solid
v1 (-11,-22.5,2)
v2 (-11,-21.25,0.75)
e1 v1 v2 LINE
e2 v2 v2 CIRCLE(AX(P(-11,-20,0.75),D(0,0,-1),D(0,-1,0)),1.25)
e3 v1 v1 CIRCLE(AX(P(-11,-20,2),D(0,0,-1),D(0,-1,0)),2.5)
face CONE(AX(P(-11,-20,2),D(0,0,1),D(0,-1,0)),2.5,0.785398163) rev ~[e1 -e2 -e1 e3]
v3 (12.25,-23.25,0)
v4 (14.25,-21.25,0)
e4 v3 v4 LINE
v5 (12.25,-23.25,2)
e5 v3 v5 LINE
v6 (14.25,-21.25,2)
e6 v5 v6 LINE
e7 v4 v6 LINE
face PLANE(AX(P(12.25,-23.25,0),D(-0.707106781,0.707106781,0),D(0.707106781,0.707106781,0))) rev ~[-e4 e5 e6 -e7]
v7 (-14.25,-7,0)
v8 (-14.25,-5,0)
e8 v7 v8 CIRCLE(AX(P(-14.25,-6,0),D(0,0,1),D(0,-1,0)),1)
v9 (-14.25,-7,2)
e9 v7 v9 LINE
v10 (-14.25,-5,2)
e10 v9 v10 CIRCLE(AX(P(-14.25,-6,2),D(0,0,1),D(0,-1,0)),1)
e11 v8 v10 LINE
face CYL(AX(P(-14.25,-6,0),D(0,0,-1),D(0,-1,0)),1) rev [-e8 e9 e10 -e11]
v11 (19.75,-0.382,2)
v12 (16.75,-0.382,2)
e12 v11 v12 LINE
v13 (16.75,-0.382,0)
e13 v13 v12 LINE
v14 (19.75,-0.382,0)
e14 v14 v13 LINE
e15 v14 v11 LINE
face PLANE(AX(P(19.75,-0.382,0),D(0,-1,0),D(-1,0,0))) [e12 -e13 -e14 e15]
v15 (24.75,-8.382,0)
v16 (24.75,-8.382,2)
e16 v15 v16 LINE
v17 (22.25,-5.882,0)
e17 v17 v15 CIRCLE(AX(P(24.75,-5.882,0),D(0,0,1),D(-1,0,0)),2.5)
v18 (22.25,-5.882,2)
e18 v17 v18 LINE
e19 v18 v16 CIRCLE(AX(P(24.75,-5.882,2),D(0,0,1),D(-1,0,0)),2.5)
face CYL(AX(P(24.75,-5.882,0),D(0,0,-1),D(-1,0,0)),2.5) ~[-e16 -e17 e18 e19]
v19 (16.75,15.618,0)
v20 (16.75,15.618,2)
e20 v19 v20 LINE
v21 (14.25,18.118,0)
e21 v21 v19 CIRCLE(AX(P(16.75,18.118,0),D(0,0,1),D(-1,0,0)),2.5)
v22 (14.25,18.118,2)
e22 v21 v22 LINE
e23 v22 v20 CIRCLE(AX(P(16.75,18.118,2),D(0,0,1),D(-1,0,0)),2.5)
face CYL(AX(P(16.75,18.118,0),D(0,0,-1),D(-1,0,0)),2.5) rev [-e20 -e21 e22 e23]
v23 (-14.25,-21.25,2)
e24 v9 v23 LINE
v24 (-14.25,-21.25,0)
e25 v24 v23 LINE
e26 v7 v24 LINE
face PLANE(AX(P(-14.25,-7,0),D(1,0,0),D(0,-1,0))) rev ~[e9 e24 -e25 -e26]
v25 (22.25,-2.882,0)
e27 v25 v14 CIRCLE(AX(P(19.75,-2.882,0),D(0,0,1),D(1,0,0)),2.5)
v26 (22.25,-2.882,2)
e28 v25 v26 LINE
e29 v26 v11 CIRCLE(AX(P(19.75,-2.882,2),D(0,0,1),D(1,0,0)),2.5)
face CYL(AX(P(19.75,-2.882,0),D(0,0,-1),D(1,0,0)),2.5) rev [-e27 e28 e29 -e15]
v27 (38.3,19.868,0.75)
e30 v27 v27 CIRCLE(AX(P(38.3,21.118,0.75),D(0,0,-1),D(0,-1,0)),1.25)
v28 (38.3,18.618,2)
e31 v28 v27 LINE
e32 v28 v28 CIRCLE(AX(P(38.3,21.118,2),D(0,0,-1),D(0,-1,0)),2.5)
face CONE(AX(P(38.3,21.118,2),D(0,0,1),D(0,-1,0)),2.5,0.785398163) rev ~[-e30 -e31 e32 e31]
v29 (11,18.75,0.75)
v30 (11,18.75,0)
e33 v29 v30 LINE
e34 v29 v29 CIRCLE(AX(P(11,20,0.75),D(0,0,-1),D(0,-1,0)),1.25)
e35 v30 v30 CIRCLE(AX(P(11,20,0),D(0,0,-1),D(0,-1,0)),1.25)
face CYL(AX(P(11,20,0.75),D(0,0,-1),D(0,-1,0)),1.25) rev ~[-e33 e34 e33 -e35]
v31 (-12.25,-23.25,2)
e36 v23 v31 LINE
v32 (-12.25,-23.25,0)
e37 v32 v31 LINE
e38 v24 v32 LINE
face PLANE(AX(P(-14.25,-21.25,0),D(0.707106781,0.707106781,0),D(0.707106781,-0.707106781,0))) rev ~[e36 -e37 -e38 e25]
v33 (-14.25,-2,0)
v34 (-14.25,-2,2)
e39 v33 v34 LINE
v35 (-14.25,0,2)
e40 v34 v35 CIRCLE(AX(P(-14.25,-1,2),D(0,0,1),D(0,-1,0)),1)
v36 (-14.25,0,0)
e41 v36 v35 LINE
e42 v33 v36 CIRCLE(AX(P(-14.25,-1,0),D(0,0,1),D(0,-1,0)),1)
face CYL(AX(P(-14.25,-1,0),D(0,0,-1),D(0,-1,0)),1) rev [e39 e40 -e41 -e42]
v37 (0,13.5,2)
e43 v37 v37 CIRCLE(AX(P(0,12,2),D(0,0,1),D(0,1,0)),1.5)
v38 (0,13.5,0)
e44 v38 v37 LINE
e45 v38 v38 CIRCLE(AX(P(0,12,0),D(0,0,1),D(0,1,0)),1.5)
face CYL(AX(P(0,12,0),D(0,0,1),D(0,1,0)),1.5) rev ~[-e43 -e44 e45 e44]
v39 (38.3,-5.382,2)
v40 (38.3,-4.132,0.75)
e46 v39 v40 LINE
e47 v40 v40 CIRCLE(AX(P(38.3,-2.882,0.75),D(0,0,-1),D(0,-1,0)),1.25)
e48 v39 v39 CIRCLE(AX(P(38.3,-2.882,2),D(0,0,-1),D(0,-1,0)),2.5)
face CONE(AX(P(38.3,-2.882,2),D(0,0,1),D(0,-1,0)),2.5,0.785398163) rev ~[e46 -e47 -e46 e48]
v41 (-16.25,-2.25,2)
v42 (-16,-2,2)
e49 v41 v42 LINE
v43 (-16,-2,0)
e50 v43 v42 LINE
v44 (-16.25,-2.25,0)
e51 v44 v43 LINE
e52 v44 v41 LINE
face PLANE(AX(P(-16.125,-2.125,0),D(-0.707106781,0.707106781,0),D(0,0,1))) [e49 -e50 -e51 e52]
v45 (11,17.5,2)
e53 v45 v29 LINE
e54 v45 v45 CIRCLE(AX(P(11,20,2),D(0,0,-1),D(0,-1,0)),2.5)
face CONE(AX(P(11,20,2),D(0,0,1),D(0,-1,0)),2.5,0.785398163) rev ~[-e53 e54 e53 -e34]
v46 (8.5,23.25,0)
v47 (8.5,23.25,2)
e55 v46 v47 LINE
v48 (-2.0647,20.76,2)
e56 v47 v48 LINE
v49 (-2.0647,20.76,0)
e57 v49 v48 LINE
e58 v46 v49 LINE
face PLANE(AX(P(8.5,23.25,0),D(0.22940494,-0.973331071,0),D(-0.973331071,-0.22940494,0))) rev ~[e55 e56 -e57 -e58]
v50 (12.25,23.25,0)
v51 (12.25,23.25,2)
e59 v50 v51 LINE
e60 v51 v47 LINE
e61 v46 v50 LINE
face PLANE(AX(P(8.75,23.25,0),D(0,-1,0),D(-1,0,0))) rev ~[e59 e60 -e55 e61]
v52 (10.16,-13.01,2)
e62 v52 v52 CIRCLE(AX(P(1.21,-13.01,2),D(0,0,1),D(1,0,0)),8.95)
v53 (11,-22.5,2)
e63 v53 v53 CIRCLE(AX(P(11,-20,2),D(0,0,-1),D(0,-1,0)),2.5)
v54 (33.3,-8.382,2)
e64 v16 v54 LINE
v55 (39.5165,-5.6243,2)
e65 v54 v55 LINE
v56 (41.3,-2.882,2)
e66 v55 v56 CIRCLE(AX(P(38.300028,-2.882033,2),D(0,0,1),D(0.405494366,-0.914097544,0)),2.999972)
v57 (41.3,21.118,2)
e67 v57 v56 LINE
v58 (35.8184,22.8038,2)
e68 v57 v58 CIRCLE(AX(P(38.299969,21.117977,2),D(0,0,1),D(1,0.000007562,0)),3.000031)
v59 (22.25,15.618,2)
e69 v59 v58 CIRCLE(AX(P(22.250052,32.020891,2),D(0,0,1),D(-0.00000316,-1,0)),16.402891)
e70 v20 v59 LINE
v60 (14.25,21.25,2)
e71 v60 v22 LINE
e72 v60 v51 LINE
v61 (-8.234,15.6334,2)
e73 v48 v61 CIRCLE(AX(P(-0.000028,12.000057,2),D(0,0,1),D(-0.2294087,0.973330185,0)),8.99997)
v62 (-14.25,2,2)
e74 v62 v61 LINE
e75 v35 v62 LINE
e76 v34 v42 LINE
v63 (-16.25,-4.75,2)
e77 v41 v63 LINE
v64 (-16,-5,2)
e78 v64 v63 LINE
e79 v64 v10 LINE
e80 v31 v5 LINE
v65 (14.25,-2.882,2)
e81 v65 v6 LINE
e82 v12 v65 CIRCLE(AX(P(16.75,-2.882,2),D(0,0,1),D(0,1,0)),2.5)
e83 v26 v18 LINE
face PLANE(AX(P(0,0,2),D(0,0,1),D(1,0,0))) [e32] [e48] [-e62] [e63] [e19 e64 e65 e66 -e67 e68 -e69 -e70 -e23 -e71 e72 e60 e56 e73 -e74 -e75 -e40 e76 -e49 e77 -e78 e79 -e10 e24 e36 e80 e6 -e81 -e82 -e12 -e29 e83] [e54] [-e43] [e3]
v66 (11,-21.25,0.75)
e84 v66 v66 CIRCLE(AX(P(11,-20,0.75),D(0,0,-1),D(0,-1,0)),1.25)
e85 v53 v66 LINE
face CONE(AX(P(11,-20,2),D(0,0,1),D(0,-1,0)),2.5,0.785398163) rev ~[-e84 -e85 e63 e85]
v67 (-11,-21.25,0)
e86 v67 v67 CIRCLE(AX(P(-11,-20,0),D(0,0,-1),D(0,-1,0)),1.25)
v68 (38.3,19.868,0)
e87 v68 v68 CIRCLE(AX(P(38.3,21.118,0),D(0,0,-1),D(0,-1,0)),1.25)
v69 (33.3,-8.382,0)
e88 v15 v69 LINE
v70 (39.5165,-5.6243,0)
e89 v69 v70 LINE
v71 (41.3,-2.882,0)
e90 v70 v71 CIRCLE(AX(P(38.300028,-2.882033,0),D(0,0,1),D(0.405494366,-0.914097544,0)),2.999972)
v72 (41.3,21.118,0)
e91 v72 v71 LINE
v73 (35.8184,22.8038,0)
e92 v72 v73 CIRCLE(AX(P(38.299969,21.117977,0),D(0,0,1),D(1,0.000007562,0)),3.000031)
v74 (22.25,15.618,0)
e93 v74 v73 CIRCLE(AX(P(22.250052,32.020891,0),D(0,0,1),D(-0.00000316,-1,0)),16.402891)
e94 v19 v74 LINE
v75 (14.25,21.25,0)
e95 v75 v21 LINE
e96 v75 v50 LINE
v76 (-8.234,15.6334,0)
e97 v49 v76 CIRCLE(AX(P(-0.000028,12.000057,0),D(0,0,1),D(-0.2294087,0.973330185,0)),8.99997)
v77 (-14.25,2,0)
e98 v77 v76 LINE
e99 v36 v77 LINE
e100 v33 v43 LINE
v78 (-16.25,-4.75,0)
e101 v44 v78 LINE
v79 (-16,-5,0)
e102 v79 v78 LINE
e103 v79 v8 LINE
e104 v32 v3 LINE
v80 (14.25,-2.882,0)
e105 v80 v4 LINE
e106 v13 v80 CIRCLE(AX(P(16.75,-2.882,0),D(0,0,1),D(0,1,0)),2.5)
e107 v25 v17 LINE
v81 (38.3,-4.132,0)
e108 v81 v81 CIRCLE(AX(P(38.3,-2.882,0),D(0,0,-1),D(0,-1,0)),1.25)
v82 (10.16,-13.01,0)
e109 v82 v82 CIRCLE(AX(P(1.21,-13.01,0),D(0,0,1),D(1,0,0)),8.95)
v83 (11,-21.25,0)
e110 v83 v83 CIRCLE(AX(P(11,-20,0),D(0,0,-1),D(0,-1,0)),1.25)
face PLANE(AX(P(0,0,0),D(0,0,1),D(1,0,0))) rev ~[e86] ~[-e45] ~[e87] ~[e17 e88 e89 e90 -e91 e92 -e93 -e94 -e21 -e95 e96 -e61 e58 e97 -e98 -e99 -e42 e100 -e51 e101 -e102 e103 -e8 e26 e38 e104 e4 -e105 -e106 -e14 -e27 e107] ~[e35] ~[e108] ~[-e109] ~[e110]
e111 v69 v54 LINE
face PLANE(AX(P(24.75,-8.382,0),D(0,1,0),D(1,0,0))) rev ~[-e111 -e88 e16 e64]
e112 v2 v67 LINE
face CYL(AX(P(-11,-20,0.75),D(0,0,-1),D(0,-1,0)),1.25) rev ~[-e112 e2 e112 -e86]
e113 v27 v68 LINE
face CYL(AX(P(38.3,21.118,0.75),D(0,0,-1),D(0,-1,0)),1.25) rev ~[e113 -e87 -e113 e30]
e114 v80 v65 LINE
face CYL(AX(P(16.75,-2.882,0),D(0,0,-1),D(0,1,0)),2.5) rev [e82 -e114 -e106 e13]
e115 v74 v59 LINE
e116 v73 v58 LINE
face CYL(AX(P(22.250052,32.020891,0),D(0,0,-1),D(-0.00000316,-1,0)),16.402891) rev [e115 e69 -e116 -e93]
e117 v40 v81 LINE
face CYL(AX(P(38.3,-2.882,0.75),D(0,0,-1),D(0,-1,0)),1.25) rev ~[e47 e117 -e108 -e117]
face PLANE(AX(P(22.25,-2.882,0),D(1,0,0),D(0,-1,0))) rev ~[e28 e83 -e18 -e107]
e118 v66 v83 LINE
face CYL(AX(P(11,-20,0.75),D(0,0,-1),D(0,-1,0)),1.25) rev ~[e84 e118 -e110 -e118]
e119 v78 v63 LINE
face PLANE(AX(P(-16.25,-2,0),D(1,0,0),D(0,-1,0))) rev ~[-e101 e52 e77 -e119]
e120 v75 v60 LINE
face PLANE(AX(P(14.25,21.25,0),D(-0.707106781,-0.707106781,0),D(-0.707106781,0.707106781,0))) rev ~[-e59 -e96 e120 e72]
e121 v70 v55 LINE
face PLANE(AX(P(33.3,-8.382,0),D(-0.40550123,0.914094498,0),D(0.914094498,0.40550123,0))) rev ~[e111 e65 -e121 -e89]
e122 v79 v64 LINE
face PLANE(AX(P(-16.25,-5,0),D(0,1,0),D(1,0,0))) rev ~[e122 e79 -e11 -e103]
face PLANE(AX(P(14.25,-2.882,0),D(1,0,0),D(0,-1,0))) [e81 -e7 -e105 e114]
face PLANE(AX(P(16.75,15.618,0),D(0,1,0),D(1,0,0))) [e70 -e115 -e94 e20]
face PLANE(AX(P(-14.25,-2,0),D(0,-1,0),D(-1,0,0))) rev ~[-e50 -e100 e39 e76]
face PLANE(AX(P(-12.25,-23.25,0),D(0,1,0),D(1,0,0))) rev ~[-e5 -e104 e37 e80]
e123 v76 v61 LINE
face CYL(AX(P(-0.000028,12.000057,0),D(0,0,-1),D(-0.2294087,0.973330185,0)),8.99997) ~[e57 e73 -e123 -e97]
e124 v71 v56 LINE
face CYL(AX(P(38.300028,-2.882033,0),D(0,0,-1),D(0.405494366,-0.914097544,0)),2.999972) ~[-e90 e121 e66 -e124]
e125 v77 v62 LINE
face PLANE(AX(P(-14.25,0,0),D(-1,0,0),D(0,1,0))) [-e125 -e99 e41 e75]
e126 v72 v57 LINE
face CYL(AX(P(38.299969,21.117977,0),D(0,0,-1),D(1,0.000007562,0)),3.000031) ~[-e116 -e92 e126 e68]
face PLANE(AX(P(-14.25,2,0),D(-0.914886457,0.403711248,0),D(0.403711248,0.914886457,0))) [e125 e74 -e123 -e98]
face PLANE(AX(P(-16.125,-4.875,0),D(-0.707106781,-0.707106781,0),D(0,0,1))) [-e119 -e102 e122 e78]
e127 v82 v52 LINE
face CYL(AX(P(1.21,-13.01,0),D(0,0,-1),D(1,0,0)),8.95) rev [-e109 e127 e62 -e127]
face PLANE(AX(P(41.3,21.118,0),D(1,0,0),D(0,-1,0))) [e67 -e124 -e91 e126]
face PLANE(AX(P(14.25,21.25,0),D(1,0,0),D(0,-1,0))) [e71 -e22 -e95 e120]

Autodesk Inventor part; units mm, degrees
ref_plane "YZ Plane" through (0, 0, 0) normal (1, 0, 0) x (0, 1, 0)
ref_plane "XZ Plane" through (0, 0, 0) normal (0, 1, 0) x (-1, 0, 0)
ref_plane "XY Plane" through (0, 0, 0) normal (0, 0, 1) x (1, 0, 0)
sketch "スケッチ1" plane through (0, 0, 0) normal (0, 0, 1) x (1, 0, 0)
  circle A0 centre (11, -20) radius 1.25 construction
  circle A1 centre (11, 20) radius 1.25 construction
  circle A2 centre (-11, -20) radius 1.25 construction
  arc A3 (8.5, 20) -> (11, 17.5) centre (11, 20) ccw construction
  line L0 (11, 17.5) -> (12.15, 17.5) construction
  arc A4 (13.15, 16.5) -> (12.15, 17.5) centre (12.15, 16.5) ccw construction
  line L1 (13.15, 16.5) -> (13.15, -16.5) construction
  arc A5 (12.15, -17.5) -> (13.15, -16.5) centre (12.15, -16.5) ccw construction
  line L2 (12.15, -17.5) -> (11, -17.5) construction
  arc A6 (11, -17.5) -> (8.5, -20) centre (11, -20) ccw construction
  line L3 (8.5, -20) -> (8.5, -21.15) construction
  arc A7 (7.5, -22.15) -> (8.5, -21.15) centre (7.5, -21.15) ccw construction
  line L4 (7.5, -22.15) -> (-7.5, -22.15) construction
  arc A8 (-8.5, -21.15) -> (-7.5, -22.15) centre (-7.5, -21.15) ccw construction
  line L5 (-8.5, -21.15) -> (-8.5, -20) construction
  arc A9 (-8.5, -20) -> (-11, -17.5) centre (-11, -20) ccw construction
  line L6 (-11, -17.5) -> (-14, -17.5) construction
  line L7 (8.5, 23) -> (8.5, 20) construction
  line L8 (-14.25, -17.75) -> (-14.25, -21.25) construction
  line L9 (-14.25, -21.25) -> (-12.25, -23.25) projected
  line L10 (-12.25, -23.25) -> (12.25, -23.25) projected
  line L11 (12.25, -23.25) -> (14.25, -21.25) projected
  line L12 (14.25, -21.25) -> (14.25, 21.25) construction
  line L13 (14.25, 21.25) -> (12.25, 23.25) projected
  line L14 (12.25, 23.25) -> (8.75, 23.25) construction
  line L15 (16.75, 15.618) -> (22.25, 15.618)
  line L16 (41.3, 21.118) -> (41.3, -2.882)
  line L17 (19.75, -0.382) -> (16.75, -0.382)
  arc A10 (41.3, 21.118) -> (35.8184, 22.8038) centre (38.3, 21.118) ccw
  arc A11 (39.5165, -5.6243) -> (41.3, -2.882) centre (38.3, -2.882) ccw
  circle A12 centre (38.3, 21.118) radius 1.25 construction
  circle A13 centre (38.3, -2.882) radius 1.25 construction
  line L18 (14.25, 21.25) -> (14.25, 18.118)
  line L19 (14.25, -2.882) -> (14.25, -21.25)
  arc A14 (14.25, 18.118) -> (16.75, 15.618) centre (16.75, 18.118) ccw
  arc A15 (16.75, -0.382) -> (14.25, -2.882) centre (16.75, -2.882) ccw
  line L20 (72.306, -6.882) -> (-28.676, -6.882) construction
  circle A16 centre (1.21, -13.01) radius 8.7 construction
  circle A17 centre (1.21, -13.01) radius 8.95
  arc A18 (22.25, 15.618) -> (35.8184, 22.8038) centre (22.25, 32.0211) ccw
  line L21 (22.25, 32.0211) -> (22.25, -5.382) construction
  line L22 (22.25, -2.882) -> (22.25, -5.882)
  line L23 (24.75, -8.382) -> (33.3, -8.382)
  line L24 (33.3, -8.382) -> (39.5165, -5.6243)
  arc A19 (22.25, -2.882) -> (19.75, -0.382) centre (19.75, -2.882) ccw
  arc A20 (22.25, -5.882) -> (24.75, -8.382) centre (24.75, -5.882) ccw
  circle A21 centre (0, 12) radius 1.25 construction
  line L25 (12.25, 23.25) -> (8.5, 23.25)
  line L26 (8.5, 23.25) -> (-2.0647, 20.76)
  arc A22 (-2.0647, 20.76) -> (-8.234, 15.6334) centre (0, 12) ccw
  line L27 (0, 0) -> (0, -31.805) construction
  line L28 (-12.15, -17.5) -> (-14.25, -17.5) construction
  line L29 (8.5, 23.25) -> (8.5, 21.15) construction
  line L30 (8.75, 23.25) -> (8.5, 23) projected
  line L31 (-14, -17.5) -> (-14.25, -17.75) construction
  line L32 (-14.25, 0) -> (-14.25, -2) construction
  line L33 (-14.25, -2) -> (-16.25, -2)
  line L34 (-16.25, -2) -> (-16.25, -5)
  line L35 (-16.25, -5) -> (-14.25, -5)
  line L36 (-14.25, -5) -> (-14.25, -7) construction
  line L37 (-14.25, 0) -> (-14.25, 2)
  line L38 (-14.25, 2) -> (-8.234, 15.6334)
  arc A23 (-14.25, -2) -> (-14.25, 0) centre (-14.25, -1) ccw
  arc A24 (-14.25, -7) -> (-14.25, -5) centre (-14.25, -6) ccw
  line L39 (-14.25, -7) -> (-14.25, -21.25)
  point P0 (11, 20)
  point P1 (11, -20)
  point P2 (-11, -20)
  point P3 (14.25, 15.618)
  point P4 (23.6679, 15.618)
  point P5 (23.161, -0.382)
  point P6 (14.25, -0.382)
  point P7 (22.25, -0.382)
  dimension "d0" = 3
  dimension "d1" = 2.5
  dimension "d2" = 6.5
  dimension "d3" = 0.25
  dimension "d7" = 16
  dimension "d8" = 8
  dimension "d16" = 8
  dimension "d17" = 5
  dimension "d26" = 9
  dimension "d34" = 1
  dimension "d35" = 3
  dimension "d36" = 2
  dimension "d37" = 10
  dimension "d38" = 2
extrude "押し出し1" add sketch "スケッチ1" along normal blind 2
sketch "スケッチ2" plane through (0, 0, 2) normal (0, 0, 1) x (1, 0, 0)
  point P0 (0, 0)
  point P1 (38.3, 21.118)
  point P2 (38.3, -2.882)
  point P3 (-11, 20)
  point P4 (11, 20)
  point P5 (11, -20)
  point P6 (-11, -20)
hole "穴2" at (38.3, 21.118, 2) at (38.3, -2.882, 2) at (-11, 20, 2) at (11, 20, 2) at (11, -20, 2) at (-11, -20, 2) direction (0, 0, -1) diameter 2.5 end through all countersink diameter 5 countersink angle 90
hole "穴3" at (0, 12, 0) direction (0, 0, 1) diameter 3 end through all
chamfer "面取り1" distance 0.25 angle 45 2 edges at (-16.25, -2, 1) (-16.25, -5, 1)
properties part number "COXA_YAW_ROLL_ADPT_TOP_BASE"
